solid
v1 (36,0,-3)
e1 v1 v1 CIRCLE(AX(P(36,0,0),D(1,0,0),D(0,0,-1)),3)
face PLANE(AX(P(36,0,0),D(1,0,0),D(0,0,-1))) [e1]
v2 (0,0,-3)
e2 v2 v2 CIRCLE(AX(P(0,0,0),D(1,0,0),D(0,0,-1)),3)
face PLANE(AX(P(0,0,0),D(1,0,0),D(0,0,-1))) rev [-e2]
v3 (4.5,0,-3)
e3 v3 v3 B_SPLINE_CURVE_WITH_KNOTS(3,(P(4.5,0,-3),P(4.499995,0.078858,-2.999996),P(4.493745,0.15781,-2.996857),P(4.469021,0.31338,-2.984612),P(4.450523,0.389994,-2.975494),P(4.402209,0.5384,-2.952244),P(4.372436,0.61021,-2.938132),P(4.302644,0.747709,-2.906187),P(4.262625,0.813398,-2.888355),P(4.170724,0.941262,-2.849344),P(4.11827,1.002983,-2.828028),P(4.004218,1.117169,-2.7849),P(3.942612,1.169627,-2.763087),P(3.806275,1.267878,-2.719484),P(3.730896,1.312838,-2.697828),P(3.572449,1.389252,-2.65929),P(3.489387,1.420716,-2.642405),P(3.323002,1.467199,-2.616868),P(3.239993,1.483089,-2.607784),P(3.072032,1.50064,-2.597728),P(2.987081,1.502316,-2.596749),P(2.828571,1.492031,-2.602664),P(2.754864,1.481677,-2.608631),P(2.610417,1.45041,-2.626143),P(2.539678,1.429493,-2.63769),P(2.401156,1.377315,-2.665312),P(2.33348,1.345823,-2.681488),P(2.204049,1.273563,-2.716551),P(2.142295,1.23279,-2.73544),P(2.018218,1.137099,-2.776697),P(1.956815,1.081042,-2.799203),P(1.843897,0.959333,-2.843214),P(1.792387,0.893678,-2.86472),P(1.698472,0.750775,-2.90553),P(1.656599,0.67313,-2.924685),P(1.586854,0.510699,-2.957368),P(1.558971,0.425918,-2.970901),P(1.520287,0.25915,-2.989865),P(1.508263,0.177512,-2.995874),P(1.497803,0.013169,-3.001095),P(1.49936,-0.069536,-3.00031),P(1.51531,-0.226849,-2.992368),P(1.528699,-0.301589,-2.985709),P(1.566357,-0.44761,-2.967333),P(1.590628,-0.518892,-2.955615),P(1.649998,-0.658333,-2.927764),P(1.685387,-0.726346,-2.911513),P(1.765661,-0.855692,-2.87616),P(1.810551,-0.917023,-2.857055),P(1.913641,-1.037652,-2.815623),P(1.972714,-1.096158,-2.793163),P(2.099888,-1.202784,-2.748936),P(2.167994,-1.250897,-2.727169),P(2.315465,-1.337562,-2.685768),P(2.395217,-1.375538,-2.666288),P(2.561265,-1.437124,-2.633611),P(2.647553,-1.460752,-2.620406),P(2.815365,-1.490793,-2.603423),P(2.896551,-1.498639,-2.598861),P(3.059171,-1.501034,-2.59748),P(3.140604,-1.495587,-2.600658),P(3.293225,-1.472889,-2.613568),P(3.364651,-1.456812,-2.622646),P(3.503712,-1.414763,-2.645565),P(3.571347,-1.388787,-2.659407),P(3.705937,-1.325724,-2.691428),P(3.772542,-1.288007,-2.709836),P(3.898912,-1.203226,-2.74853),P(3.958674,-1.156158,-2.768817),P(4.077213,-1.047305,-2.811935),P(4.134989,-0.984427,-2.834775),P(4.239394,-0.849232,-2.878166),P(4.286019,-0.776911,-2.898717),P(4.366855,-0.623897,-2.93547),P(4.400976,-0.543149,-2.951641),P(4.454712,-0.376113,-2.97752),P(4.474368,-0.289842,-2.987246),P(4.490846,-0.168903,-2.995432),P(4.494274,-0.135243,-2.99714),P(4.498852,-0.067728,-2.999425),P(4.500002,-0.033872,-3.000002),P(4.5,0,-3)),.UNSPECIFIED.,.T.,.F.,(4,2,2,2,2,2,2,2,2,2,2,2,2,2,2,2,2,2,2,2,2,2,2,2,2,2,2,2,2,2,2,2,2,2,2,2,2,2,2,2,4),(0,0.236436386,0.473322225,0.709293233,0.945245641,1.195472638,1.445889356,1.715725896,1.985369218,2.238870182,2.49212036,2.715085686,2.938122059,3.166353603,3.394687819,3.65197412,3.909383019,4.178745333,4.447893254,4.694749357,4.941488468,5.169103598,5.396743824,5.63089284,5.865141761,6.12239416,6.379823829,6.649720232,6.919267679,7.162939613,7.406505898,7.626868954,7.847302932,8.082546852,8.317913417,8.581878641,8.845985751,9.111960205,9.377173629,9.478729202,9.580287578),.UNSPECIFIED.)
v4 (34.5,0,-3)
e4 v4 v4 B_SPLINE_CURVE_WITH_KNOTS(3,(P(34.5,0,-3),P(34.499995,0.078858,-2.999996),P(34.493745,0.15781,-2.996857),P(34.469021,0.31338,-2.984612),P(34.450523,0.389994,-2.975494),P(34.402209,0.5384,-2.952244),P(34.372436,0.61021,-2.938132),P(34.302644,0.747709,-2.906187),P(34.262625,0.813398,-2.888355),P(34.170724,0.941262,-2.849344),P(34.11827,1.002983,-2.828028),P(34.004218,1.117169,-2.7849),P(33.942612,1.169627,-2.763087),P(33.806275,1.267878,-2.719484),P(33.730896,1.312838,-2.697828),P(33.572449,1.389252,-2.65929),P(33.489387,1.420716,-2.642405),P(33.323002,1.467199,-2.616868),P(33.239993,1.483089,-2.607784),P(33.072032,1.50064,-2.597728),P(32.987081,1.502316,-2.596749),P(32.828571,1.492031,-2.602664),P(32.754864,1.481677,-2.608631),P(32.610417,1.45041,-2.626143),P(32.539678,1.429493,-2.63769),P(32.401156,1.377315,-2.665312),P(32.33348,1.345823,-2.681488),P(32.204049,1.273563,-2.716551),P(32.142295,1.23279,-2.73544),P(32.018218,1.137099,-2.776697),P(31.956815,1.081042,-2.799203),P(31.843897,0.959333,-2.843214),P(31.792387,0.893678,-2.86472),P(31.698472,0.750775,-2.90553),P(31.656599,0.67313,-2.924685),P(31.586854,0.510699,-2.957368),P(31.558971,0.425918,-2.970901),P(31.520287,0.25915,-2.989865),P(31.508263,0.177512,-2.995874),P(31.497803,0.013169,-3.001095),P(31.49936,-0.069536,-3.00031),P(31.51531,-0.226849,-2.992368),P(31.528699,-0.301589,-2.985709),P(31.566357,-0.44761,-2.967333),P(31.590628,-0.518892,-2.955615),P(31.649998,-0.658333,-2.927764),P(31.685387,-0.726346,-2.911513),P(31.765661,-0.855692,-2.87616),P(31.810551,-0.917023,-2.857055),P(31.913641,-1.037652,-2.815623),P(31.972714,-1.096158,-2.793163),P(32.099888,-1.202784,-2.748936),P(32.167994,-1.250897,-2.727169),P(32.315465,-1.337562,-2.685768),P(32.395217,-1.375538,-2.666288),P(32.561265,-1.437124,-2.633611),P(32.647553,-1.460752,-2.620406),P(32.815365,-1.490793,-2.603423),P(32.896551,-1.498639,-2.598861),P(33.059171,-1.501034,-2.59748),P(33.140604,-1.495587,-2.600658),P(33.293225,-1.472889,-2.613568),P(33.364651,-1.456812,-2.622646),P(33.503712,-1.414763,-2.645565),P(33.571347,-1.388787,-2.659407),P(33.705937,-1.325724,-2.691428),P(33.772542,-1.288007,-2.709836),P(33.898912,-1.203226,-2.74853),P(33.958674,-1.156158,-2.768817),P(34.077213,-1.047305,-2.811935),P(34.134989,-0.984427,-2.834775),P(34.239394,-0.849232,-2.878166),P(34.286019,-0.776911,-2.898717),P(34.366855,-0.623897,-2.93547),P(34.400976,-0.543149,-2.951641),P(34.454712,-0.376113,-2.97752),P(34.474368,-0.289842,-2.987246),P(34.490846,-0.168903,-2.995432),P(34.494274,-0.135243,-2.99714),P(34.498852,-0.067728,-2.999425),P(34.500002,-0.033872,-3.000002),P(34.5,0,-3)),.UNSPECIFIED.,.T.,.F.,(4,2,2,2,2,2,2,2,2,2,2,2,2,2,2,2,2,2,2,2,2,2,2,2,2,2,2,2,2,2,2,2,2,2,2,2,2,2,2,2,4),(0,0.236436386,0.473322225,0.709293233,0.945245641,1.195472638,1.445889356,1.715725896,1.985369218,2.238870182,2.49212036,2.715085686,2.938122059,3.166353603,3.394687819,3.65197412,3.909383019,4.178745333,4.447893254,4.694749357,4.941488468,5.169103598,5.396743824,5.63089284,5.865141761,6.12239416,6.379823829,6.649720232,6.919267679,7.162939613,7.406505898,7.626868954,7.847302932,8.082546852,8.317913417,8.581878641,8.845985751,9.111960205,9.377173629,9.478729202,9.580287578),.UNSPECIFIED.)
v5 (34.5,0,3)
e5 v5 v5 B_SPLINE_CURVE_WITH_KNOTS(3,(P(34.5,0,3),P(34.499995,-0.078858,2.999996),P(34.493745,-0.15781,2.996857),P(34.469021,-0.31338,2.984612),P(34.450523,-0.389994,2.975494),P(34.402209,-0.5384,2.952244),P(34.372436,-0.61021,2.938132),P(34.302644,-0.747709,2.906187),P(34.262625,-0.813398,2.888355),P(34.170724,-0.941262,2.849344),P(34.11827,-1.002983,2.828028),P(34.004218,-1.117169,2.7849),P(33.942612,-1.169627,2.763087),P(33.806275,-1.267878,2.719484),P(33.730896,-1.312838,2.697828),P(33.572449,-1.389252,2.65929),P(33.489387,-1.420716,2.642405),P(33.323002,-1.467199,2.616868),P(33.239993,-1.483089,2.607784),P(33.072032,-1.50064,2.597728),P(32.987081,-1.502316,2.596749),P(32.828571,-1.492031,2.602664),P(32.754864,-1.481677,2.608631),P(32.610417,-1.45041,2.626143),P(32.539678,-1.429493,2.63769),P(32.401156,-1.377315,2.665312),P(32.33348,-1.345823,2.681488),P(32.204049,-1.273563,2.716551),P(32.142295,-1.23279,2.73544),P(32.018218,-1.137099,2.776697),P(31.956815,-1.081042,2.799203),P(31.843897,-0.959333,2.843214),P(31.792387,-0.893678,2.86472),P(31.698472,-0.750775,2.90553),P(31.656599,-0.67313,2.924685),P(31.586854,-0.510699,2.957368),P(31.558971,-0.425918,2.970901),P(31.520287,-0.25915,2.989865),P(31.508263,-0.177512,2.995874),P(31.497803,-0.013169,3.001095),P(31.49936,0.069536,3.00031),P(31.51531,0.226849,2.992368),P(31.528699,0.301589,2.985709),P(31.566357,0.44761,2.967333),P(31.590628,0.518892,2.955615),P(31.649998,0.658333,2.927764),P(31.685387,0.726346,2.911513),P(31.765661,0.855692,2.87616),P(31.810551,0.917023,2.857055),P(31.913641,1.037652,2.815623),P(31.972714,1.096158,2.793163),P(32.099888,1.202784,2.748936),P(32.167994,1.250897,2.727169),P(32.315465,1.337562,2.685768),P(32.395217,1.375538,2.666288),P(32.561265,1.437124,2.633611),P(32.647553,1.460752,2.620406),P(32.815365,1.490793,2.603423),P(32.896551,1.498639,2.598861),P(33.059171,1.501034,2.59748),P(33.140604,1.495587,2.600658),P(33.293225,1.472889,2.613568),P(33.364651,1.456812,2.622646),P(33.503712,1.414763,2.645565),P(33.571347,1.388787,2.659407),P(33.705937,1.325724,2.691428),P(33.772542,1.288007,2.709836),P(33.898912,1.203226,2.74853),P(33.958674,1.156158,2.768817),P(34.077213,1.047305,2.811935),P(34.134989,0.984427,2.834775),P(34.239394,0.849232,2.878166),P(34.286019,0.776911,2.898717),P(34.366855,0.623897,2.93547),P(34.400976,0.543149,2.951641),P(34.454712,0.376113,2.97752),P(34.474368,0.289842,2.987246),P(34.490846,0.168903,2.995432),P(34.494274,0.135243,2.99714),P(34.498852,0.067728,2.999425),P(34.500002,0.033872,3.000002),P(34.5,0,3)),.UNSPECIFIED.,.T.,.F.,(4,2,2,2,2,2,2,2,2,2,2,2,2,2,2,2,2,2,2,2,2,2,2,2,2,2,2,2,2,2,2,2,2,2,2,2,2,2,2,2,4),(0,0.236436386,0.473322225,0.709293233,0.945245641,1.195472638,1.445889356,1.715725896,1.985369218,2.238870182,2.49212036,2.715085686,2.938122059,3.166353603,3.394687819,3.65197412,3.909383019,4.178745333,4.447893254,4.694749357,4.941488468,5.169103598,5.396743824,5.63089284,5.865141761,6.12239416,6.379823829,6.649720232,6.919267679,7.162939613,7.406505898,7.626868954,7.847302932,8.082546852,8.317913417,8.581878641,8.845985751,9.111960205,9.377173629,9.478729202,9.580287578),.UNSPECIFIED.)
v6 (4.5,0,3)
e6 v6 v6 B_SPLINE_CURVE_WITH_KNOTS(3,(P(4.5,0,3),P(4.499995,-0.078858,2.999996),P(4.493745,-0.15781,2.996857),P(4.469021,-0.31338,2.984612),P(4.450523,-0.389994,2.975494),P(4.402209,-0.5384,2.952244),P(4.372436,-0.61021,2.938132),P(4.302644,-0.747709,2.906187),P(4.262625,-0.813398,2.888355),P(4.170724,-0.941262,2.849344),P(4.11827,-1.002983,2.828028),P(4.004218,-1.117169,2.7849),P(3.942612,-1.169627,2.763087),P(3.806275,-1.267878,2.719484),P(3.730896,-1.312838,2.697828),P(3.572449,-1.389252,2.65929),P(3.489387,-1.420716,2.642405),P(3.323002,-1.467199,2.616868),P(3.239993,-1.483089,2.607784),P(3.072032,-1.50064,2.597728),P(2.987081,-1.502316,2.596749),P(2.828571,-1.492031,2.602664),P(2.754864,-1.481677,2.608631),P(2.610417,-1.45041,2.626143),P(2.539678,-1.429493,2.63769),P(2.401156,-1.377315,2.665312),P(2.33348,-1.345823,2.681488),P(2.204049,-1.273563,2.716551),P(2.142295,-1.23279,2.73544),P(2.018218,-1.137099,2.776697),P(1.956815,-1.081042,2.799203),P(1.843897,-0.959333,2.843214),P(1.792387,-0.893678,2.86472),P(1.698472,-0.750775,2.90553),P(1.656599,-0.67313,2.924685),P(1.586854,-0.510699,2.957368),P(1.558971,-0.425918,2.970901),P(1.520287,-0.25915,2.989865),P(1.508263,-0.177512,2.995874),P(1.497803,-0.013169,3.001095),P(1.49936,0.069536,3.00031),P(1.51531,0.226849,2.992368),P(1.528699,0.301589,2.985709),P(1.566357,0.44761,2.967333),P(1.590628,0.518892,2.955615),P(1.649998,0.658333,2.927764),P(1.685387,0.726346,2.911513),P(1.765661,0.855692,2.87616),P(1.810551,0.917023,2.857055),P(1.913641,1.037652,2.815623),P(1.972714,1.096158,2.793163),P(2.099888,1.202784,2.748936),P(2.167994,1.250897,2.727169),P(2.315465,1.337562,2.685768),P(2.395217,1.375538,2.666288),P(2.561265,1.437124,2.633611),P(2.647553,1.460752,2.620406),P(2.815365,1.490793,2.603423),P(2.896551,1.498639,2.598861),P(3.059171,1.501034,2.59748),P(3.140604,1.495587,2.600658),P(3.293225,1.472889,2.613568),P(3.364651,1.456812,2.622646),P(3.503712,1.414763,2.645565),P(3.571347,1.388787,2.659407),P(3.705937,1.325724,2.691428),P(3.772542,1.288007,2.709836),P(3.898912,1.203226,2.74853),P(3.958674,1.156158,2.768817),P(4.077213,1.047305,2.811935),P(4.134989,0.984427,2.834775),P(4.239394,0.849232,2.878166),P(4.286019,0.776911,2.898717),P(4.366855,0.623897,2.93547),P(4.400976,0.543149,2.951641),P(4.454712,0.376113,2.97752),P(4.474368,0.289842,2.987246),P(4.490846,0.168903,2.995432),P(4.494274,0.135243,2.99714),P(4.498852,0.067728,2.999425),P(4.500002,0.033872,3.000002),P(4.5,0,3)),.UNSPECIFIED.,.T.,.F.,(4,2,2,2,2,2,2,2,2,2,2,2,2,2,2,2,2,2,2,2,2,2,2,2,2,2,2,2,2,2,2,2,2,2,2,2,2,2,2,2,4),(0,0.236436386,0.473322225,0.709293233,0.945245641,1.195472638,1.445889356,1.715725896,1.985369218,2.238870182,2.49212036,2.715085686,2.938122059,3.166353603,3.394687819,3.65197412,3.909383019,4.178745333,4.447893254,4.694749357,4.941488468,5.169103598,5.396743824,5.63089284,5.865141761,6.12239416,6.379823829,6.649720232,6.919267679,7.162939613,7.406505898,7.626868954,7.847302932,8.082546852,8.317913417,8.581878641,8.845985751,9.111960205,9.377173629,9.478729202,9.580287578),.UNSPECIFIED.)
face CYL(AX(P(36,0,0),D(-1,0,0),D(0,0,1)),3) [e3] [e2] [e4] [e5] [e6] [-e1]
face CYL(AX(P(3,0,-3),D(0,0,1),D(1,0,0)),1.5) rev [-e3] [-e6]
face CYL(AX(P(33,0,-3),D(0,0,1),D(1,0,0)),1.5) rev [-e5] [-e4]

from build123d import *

# Parameters (mm, degrees)
SKETCH_1_R               = 3
EXTRUDE_1_DEPTH          = 36
SKETCH_2_R               = 1.5
CUT_EXTRUDE_1_DEPTH      = 4
CUT_EXTRUDE_1_DEPTH_BACK = 4


with BuildPart() as part:
    # 草圖1 → 填料-伸長1 (new body)
    with BuildSketch(Plane(origin=(0, 0, 0), x_dir=(0, 0, -1), z_dir=(1, 0, 0))):
        Circle(SKETCH_1_R)
    extrude(amount=EXTRUDE_1_DEPTH)

    # 草圖2 → 除料-伸長1 (cut, two sides)
    with BuildSketch(Plane.XY) as cut_extrude_1_sk:
        with Locations((3, 0)):
            Circle(SKETCH_2_R)
        with Locations((33, 0)):
            Circle(SKETCH_2_R)
    extrude(amount=CUT_EXTRUDE_1_DEPTH, mode=Mode.SUBTRACT)
    extrude(cut_extrude_1_sk.sketch, amount=-CUT_EXTRUDE_1_DEPTH_BACK, mode=Mode.SUBTRACT)


solid = part.part
